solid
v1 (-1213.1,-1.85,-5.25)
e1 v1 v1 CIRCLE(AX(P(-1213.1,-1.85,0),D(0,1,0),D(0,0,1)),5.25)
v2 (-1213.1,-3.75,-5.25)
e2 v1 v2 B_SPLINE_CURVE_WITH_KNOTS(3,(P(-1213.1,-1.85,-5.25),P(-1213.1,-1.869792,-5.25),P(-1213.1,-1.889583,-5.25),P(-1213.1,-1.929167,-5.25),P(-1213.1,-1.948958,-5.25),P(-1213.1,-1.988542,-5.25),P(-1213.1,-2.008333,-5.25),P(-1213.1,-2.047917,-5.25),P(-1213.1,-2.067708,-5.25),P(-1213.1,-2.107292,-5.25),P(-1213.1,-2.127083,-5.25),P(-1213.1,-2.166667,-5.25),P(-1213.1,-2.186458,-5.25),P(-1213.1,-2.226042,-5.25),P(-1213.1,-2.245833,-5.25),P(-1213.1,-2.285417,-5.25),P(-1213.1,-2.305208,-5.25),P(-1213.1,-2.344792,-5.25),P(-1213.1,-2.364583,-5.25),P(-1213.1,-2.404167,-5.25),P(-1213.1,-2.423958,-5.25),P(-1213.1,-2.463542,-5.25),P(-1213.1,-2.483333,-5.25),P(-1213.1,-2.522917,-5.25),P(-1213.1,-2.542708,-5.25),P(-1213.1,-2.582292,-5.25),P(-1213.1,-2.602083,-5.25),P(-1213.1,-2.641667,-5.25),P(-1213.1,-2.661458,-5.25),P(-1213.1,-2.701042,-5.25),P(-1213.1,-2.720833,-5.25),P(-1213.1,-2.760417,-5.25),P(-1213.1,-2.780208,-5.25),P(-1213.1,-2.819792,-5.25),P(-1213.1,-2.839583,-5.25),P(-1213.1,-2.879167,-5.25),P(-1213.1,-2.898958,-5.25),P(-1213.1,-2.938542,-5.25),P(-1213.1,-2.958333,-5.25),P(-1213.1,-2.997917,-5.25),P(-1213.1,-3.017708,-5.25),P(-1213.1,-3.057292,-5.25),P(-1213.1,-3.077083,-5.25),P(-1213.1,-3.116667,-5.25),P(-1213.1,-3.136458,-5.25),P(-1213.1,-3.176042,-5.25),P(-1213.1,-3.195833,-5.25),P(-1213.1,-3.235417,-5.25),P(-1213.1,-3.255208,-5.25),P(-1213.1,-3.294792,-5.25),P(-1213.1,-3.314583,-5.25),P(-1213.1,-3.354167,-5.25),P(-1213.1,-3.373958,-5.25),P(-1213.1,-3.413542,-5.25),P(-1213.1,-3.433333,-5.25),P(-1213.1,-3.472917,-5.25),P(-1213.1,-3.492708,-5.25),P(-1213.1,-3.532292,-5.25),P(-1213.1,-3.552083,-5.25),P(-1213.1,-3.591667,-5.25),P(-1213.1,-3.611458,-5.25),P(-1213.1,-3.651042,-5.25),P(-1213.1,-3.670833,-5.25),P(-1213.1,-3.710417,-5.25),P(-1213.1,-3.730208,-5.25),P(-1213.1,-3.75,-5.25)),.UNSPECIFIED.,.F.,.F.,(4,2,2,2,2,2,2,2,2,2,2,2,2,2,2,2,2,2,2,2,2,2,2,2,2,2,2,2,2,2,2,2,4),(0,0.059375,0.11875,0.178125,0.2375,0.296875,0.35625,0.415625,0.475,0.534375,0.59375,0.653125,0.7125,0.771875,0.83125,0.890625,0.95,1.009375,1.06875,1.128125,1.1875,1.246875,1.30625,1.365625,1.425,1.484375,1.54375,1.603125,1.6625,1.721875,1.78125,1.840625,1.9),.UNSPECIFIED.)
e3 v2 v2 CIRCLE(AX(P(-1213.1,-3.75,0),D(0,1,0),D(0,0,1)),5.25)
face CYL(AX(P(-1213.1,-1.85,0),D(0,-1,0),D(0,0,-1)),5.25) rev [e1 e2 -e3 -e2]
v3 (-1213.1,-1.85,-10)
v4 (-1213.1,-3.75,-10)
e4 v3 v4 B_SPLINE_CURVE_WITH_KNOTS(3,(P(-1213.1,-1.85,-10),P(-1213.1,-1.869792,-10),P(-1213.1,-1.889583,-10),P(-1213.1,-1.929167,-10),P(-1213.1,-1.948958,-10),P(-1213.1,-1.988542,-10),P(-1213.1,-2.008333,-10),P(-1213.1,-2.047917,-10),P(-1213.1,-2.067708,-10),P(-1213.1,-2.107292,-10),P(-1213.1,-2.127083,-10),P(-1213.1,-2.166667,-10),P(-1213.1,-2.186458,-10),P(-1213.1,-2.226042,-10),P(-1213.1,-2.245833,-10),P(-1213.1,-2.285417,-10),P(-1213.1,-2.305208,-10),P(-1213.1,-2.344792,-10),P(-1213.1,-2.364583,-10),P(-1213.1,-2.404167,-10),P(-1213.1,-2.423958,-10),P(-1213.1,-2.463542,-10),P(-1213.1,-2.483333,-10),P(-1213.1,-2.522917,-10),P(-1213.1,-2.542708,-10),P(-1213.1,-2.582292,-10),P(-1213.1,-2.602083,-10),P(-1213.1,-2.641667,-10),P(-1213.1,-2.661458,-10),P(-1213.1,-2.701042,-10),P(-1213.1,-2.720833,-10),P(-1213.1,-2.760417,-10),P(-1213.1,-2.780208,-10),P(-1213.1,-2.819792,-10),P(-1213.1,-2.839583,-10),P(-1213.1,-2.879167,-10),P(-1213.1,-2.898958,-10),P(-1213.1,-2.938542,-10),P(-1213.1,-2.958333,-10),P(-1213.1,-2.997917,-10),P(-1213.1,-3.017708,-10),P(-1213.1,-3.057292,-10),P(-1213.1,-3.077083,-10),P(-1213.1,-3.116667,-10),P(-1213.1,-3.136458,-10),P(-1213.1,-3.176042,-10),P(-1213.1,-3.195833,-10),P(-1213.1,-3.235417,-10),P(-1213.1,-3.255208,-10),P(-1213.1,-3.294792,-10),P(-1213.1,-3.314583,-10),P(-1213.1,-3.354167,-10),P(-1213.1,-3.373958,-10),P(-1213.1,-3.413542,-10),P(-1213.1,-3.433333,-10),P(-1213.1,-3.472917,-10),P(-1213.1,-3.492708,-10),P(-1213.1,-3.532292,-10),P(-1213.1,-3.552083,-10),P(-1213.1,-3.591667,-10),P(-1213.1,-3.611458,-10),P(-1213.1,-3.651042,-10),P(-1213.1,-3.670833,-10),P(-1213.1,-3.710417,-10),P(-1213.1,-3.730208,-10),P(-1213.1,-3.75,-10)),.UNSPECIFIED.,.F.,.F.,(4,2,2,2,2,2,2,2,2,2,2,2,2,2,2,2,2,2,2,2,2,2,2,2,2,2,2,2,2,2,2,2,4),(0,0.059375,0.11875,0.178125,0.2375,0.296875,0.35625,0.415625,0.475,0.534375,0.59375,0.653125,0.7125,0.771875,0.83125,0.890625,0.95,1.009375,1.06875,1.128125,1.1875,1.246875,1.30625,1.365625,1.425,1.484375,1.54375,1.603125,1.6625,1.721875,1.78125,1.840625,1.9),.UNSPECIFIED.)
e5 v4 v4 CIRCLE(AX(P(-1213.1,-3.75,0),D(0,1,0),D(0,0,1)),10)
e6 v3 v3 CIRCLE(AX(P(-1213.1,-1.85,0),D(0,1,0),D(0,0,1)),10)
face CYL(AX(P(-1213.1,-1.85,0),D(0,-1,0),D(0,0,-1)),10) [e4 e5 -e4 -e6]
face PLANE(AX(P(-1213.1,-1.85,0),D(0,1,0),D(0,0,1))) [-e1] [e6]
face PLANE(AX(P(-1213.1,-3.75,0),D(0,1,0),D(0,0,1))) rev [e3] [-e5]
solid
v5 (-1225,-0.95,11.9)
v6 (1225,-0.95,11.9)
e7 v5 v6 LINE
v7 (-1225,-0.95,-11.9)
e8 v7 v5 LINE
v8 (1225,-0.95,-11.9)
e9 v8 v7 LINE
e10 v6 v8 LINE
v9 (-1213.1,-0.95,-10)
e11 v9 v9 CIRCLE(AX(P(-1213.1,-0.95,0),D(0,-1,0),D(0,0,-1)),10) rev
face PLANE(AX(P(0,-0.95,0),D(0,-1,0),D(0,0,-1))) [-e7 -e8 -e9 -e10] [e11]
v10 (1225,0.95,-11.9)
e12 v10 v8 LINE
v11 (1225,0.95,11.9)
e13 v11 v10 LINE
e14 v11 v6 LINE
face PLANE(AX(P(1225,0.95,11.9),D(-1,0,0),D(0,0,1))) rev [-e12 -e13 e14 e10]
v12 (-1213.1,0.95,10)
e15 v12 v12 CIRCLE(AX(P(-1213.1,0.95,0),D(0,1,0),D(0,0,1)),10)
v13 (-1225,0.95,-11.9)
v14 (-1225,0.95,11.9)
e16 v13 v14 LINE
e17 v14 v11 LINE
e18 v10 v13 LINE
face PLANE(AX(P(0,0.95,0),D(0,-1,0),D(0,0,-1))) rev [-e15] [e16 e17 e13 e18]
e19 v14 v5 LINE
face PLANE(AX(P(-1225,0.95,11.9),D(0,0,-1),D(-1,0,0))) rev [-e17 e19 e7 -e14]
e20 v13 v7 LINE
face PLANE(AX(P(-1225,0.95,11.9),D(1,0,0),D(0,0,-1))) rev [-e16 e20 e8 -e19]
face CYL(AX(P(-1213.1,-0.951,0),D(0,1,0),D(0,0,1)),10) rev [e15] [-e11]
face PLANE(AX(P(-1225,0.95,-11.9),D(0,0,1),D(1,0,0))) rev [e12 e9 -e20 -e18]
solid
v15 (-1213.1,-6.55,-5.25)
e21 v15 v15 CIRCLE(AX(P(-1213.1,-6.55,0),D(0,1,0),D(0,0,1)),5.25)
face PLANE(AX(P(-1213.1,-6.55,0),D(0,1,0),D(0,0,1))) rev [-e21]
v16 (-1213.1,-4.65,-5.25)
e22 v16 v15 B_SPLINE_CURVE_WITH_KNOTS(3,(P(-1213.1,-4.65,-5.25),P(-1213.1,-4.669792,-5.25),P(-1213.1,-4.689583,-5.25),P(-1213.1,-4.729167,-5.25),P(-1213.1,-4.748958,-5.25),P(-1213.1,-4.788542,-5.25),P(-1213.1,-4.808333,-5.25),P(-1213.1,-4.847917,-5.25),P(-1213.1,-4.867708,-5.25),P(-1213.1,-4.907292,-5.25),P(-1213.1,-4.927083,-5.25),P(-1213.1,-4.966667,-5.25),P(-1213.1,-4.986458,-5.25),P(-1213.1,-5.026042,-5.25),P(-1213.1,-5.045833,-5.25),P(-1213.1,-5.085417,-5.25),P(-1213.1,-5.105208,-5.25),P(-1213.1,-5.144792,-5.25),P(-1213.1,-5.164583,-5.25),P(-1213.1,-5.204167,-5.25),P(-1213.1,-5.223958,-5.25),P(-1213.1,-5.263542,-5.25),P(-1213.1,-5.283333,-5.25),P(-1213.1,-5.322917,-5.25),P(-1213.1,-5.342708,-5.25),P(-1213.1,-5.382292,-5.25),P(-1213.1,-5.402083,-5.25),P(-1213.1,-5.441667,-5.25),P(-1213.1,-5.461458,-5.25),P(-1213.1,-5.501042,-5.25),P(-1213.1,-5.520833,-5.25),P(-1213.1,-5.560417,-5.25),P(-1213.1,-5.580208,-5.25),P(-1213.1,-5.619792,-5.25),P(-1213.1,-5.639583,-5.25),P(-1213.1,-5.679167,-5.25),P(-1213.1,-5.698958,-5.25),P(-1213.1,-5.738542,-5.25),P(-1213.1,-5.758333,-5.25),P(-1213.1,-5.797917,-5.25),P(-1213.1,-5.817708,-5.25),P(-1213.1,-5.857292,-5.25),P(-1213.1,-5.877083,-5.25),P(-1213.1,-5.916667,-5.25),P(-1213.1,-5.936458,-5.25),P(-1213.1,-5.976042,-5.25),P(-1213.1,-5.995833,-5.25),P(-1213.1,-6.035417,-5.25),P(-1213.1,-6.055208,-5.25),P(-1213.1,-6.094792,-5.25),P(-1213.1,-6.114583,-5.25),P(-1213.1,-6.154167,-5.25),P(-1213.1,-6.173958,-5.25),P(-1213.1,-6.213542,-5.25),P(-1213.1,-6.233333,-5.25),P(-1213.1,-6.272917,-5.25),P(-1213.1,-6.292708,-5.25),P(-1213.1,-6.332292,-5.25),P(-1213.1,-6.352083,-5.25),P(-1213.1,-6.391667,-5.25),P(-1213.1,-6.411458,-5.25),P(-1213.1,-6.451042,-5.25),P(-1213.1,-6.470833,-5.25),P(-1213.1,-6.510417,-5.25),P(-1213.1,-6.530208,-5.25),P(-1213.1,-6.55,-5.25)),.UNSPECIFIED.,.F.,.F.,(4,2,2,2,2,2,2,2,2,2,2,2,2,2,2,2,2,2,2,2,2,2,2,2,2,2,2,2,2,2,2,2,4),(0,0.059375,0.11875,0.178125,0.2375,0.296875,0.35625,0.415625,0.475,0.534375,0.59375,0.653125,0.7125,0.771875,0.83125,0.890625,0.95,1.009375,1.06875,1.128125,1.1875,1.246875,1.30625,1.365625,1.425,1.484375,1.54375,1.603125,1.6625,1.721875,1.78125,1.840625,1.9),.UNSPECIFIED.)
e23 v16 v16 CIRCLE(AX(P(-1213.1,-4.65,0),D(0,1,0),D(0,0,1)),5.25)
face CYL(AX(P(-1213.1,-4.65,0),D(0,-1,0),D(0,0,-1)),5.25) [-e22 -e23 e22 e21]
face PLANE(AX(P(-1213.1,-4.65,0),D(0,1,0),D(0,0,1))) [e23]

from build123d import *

# Parameters (mm, degrees)
SKETCH1_W           = 2450
SKETCH1_H           = 23.8
BOSS_EXTRUDE1_DEPTH = 0.95
CUT_EXTRUDE1_REACH  = 1227.059
SKETCH3_R           = 10
SKETCH4_R           = 10
SKETCH4_R_2         = 5.25
BOSS_EXTRUDE3_DEPTH = 0.95
SKETCH5_R           = 5.25
BOSS_EXTRUDE4_DEPTH = 0.95


with BuildPart() as part:
    # Sketch1 → Boss-Extrude1 (new, symmetric)
    with BuildSketch(Plane(origin=(0, 0, 0), x_dir=(1, 0, 0), z_dir=(0, 1, 0))):
        Rectangle(SKETCH1_W, SKETCH1_H)
    extrude(amount=BOSS_EXTRUDE1_DEPTH, both=True)

    # Sketch3 → Cut-Extrude1 (cut, up to next)
    with BuildSketch(Plane(origin=(0, 0.95, 0), x_dir=(1, 0, 0), z_dir=(0, 1, 0)), mode=Mode.PRIVATE) as cut_extrude1_sk1:
        with Locations(Location((-1213.1, 0, 0), (0, 0, 270))):
            Circle(SKETCH3_R)
    cut_extrude1_tool1 = extrude(cut_extrude1_sk1.sketch, amount=-CUT_EXTRUDE1_REACH, mode=Mode.PRIVATE) & part.part
    add(cut_extrude1_tool1.solids().sort_by_distance((-1213.1, 0.95, 0))[0], mode=Mode.SUBTRACT)


with BuildPart() as body_2:
    # Sketch4 → Boss-Extrude3 (new, symmetric)
    with BuildSketch(Plane(origin=(0, -2.8, 0), x_dir=(1, 0, 0), z_dir=(0, 1, 0))):
        with Locations(Location((-1213.1, 0, 0), (0, 0, 90))):
            Circle(SKETCH4_R)
        with Locations(Location((-1213.1, 0, 0), (0, 0, 90))):
            Circle(SKETCH4_R_2, mode=Mode.SUBTRACT)
    extrude(amount=BOSS_EXTRUDE3_DEPTH, both=True)


with BuildPart() as body_3:
    # Sketch5 → Boss-Extrude4 (new, symmetric)
    with BuildSketch(Plane(origin=(0, -5.6, 0), x_dir=(1, 0, 0), z_dir=(0, 1, 0))):
        with Locations(Location((-1213.1, 0, 0), (0, 0, 90))):
            Circle(SKETCH5_R)
    extrude(amount=BOSS_EXTRUDE4_DEPTH, both=True)


solid = Compound([part.part, body_2.part, body_3.part])
